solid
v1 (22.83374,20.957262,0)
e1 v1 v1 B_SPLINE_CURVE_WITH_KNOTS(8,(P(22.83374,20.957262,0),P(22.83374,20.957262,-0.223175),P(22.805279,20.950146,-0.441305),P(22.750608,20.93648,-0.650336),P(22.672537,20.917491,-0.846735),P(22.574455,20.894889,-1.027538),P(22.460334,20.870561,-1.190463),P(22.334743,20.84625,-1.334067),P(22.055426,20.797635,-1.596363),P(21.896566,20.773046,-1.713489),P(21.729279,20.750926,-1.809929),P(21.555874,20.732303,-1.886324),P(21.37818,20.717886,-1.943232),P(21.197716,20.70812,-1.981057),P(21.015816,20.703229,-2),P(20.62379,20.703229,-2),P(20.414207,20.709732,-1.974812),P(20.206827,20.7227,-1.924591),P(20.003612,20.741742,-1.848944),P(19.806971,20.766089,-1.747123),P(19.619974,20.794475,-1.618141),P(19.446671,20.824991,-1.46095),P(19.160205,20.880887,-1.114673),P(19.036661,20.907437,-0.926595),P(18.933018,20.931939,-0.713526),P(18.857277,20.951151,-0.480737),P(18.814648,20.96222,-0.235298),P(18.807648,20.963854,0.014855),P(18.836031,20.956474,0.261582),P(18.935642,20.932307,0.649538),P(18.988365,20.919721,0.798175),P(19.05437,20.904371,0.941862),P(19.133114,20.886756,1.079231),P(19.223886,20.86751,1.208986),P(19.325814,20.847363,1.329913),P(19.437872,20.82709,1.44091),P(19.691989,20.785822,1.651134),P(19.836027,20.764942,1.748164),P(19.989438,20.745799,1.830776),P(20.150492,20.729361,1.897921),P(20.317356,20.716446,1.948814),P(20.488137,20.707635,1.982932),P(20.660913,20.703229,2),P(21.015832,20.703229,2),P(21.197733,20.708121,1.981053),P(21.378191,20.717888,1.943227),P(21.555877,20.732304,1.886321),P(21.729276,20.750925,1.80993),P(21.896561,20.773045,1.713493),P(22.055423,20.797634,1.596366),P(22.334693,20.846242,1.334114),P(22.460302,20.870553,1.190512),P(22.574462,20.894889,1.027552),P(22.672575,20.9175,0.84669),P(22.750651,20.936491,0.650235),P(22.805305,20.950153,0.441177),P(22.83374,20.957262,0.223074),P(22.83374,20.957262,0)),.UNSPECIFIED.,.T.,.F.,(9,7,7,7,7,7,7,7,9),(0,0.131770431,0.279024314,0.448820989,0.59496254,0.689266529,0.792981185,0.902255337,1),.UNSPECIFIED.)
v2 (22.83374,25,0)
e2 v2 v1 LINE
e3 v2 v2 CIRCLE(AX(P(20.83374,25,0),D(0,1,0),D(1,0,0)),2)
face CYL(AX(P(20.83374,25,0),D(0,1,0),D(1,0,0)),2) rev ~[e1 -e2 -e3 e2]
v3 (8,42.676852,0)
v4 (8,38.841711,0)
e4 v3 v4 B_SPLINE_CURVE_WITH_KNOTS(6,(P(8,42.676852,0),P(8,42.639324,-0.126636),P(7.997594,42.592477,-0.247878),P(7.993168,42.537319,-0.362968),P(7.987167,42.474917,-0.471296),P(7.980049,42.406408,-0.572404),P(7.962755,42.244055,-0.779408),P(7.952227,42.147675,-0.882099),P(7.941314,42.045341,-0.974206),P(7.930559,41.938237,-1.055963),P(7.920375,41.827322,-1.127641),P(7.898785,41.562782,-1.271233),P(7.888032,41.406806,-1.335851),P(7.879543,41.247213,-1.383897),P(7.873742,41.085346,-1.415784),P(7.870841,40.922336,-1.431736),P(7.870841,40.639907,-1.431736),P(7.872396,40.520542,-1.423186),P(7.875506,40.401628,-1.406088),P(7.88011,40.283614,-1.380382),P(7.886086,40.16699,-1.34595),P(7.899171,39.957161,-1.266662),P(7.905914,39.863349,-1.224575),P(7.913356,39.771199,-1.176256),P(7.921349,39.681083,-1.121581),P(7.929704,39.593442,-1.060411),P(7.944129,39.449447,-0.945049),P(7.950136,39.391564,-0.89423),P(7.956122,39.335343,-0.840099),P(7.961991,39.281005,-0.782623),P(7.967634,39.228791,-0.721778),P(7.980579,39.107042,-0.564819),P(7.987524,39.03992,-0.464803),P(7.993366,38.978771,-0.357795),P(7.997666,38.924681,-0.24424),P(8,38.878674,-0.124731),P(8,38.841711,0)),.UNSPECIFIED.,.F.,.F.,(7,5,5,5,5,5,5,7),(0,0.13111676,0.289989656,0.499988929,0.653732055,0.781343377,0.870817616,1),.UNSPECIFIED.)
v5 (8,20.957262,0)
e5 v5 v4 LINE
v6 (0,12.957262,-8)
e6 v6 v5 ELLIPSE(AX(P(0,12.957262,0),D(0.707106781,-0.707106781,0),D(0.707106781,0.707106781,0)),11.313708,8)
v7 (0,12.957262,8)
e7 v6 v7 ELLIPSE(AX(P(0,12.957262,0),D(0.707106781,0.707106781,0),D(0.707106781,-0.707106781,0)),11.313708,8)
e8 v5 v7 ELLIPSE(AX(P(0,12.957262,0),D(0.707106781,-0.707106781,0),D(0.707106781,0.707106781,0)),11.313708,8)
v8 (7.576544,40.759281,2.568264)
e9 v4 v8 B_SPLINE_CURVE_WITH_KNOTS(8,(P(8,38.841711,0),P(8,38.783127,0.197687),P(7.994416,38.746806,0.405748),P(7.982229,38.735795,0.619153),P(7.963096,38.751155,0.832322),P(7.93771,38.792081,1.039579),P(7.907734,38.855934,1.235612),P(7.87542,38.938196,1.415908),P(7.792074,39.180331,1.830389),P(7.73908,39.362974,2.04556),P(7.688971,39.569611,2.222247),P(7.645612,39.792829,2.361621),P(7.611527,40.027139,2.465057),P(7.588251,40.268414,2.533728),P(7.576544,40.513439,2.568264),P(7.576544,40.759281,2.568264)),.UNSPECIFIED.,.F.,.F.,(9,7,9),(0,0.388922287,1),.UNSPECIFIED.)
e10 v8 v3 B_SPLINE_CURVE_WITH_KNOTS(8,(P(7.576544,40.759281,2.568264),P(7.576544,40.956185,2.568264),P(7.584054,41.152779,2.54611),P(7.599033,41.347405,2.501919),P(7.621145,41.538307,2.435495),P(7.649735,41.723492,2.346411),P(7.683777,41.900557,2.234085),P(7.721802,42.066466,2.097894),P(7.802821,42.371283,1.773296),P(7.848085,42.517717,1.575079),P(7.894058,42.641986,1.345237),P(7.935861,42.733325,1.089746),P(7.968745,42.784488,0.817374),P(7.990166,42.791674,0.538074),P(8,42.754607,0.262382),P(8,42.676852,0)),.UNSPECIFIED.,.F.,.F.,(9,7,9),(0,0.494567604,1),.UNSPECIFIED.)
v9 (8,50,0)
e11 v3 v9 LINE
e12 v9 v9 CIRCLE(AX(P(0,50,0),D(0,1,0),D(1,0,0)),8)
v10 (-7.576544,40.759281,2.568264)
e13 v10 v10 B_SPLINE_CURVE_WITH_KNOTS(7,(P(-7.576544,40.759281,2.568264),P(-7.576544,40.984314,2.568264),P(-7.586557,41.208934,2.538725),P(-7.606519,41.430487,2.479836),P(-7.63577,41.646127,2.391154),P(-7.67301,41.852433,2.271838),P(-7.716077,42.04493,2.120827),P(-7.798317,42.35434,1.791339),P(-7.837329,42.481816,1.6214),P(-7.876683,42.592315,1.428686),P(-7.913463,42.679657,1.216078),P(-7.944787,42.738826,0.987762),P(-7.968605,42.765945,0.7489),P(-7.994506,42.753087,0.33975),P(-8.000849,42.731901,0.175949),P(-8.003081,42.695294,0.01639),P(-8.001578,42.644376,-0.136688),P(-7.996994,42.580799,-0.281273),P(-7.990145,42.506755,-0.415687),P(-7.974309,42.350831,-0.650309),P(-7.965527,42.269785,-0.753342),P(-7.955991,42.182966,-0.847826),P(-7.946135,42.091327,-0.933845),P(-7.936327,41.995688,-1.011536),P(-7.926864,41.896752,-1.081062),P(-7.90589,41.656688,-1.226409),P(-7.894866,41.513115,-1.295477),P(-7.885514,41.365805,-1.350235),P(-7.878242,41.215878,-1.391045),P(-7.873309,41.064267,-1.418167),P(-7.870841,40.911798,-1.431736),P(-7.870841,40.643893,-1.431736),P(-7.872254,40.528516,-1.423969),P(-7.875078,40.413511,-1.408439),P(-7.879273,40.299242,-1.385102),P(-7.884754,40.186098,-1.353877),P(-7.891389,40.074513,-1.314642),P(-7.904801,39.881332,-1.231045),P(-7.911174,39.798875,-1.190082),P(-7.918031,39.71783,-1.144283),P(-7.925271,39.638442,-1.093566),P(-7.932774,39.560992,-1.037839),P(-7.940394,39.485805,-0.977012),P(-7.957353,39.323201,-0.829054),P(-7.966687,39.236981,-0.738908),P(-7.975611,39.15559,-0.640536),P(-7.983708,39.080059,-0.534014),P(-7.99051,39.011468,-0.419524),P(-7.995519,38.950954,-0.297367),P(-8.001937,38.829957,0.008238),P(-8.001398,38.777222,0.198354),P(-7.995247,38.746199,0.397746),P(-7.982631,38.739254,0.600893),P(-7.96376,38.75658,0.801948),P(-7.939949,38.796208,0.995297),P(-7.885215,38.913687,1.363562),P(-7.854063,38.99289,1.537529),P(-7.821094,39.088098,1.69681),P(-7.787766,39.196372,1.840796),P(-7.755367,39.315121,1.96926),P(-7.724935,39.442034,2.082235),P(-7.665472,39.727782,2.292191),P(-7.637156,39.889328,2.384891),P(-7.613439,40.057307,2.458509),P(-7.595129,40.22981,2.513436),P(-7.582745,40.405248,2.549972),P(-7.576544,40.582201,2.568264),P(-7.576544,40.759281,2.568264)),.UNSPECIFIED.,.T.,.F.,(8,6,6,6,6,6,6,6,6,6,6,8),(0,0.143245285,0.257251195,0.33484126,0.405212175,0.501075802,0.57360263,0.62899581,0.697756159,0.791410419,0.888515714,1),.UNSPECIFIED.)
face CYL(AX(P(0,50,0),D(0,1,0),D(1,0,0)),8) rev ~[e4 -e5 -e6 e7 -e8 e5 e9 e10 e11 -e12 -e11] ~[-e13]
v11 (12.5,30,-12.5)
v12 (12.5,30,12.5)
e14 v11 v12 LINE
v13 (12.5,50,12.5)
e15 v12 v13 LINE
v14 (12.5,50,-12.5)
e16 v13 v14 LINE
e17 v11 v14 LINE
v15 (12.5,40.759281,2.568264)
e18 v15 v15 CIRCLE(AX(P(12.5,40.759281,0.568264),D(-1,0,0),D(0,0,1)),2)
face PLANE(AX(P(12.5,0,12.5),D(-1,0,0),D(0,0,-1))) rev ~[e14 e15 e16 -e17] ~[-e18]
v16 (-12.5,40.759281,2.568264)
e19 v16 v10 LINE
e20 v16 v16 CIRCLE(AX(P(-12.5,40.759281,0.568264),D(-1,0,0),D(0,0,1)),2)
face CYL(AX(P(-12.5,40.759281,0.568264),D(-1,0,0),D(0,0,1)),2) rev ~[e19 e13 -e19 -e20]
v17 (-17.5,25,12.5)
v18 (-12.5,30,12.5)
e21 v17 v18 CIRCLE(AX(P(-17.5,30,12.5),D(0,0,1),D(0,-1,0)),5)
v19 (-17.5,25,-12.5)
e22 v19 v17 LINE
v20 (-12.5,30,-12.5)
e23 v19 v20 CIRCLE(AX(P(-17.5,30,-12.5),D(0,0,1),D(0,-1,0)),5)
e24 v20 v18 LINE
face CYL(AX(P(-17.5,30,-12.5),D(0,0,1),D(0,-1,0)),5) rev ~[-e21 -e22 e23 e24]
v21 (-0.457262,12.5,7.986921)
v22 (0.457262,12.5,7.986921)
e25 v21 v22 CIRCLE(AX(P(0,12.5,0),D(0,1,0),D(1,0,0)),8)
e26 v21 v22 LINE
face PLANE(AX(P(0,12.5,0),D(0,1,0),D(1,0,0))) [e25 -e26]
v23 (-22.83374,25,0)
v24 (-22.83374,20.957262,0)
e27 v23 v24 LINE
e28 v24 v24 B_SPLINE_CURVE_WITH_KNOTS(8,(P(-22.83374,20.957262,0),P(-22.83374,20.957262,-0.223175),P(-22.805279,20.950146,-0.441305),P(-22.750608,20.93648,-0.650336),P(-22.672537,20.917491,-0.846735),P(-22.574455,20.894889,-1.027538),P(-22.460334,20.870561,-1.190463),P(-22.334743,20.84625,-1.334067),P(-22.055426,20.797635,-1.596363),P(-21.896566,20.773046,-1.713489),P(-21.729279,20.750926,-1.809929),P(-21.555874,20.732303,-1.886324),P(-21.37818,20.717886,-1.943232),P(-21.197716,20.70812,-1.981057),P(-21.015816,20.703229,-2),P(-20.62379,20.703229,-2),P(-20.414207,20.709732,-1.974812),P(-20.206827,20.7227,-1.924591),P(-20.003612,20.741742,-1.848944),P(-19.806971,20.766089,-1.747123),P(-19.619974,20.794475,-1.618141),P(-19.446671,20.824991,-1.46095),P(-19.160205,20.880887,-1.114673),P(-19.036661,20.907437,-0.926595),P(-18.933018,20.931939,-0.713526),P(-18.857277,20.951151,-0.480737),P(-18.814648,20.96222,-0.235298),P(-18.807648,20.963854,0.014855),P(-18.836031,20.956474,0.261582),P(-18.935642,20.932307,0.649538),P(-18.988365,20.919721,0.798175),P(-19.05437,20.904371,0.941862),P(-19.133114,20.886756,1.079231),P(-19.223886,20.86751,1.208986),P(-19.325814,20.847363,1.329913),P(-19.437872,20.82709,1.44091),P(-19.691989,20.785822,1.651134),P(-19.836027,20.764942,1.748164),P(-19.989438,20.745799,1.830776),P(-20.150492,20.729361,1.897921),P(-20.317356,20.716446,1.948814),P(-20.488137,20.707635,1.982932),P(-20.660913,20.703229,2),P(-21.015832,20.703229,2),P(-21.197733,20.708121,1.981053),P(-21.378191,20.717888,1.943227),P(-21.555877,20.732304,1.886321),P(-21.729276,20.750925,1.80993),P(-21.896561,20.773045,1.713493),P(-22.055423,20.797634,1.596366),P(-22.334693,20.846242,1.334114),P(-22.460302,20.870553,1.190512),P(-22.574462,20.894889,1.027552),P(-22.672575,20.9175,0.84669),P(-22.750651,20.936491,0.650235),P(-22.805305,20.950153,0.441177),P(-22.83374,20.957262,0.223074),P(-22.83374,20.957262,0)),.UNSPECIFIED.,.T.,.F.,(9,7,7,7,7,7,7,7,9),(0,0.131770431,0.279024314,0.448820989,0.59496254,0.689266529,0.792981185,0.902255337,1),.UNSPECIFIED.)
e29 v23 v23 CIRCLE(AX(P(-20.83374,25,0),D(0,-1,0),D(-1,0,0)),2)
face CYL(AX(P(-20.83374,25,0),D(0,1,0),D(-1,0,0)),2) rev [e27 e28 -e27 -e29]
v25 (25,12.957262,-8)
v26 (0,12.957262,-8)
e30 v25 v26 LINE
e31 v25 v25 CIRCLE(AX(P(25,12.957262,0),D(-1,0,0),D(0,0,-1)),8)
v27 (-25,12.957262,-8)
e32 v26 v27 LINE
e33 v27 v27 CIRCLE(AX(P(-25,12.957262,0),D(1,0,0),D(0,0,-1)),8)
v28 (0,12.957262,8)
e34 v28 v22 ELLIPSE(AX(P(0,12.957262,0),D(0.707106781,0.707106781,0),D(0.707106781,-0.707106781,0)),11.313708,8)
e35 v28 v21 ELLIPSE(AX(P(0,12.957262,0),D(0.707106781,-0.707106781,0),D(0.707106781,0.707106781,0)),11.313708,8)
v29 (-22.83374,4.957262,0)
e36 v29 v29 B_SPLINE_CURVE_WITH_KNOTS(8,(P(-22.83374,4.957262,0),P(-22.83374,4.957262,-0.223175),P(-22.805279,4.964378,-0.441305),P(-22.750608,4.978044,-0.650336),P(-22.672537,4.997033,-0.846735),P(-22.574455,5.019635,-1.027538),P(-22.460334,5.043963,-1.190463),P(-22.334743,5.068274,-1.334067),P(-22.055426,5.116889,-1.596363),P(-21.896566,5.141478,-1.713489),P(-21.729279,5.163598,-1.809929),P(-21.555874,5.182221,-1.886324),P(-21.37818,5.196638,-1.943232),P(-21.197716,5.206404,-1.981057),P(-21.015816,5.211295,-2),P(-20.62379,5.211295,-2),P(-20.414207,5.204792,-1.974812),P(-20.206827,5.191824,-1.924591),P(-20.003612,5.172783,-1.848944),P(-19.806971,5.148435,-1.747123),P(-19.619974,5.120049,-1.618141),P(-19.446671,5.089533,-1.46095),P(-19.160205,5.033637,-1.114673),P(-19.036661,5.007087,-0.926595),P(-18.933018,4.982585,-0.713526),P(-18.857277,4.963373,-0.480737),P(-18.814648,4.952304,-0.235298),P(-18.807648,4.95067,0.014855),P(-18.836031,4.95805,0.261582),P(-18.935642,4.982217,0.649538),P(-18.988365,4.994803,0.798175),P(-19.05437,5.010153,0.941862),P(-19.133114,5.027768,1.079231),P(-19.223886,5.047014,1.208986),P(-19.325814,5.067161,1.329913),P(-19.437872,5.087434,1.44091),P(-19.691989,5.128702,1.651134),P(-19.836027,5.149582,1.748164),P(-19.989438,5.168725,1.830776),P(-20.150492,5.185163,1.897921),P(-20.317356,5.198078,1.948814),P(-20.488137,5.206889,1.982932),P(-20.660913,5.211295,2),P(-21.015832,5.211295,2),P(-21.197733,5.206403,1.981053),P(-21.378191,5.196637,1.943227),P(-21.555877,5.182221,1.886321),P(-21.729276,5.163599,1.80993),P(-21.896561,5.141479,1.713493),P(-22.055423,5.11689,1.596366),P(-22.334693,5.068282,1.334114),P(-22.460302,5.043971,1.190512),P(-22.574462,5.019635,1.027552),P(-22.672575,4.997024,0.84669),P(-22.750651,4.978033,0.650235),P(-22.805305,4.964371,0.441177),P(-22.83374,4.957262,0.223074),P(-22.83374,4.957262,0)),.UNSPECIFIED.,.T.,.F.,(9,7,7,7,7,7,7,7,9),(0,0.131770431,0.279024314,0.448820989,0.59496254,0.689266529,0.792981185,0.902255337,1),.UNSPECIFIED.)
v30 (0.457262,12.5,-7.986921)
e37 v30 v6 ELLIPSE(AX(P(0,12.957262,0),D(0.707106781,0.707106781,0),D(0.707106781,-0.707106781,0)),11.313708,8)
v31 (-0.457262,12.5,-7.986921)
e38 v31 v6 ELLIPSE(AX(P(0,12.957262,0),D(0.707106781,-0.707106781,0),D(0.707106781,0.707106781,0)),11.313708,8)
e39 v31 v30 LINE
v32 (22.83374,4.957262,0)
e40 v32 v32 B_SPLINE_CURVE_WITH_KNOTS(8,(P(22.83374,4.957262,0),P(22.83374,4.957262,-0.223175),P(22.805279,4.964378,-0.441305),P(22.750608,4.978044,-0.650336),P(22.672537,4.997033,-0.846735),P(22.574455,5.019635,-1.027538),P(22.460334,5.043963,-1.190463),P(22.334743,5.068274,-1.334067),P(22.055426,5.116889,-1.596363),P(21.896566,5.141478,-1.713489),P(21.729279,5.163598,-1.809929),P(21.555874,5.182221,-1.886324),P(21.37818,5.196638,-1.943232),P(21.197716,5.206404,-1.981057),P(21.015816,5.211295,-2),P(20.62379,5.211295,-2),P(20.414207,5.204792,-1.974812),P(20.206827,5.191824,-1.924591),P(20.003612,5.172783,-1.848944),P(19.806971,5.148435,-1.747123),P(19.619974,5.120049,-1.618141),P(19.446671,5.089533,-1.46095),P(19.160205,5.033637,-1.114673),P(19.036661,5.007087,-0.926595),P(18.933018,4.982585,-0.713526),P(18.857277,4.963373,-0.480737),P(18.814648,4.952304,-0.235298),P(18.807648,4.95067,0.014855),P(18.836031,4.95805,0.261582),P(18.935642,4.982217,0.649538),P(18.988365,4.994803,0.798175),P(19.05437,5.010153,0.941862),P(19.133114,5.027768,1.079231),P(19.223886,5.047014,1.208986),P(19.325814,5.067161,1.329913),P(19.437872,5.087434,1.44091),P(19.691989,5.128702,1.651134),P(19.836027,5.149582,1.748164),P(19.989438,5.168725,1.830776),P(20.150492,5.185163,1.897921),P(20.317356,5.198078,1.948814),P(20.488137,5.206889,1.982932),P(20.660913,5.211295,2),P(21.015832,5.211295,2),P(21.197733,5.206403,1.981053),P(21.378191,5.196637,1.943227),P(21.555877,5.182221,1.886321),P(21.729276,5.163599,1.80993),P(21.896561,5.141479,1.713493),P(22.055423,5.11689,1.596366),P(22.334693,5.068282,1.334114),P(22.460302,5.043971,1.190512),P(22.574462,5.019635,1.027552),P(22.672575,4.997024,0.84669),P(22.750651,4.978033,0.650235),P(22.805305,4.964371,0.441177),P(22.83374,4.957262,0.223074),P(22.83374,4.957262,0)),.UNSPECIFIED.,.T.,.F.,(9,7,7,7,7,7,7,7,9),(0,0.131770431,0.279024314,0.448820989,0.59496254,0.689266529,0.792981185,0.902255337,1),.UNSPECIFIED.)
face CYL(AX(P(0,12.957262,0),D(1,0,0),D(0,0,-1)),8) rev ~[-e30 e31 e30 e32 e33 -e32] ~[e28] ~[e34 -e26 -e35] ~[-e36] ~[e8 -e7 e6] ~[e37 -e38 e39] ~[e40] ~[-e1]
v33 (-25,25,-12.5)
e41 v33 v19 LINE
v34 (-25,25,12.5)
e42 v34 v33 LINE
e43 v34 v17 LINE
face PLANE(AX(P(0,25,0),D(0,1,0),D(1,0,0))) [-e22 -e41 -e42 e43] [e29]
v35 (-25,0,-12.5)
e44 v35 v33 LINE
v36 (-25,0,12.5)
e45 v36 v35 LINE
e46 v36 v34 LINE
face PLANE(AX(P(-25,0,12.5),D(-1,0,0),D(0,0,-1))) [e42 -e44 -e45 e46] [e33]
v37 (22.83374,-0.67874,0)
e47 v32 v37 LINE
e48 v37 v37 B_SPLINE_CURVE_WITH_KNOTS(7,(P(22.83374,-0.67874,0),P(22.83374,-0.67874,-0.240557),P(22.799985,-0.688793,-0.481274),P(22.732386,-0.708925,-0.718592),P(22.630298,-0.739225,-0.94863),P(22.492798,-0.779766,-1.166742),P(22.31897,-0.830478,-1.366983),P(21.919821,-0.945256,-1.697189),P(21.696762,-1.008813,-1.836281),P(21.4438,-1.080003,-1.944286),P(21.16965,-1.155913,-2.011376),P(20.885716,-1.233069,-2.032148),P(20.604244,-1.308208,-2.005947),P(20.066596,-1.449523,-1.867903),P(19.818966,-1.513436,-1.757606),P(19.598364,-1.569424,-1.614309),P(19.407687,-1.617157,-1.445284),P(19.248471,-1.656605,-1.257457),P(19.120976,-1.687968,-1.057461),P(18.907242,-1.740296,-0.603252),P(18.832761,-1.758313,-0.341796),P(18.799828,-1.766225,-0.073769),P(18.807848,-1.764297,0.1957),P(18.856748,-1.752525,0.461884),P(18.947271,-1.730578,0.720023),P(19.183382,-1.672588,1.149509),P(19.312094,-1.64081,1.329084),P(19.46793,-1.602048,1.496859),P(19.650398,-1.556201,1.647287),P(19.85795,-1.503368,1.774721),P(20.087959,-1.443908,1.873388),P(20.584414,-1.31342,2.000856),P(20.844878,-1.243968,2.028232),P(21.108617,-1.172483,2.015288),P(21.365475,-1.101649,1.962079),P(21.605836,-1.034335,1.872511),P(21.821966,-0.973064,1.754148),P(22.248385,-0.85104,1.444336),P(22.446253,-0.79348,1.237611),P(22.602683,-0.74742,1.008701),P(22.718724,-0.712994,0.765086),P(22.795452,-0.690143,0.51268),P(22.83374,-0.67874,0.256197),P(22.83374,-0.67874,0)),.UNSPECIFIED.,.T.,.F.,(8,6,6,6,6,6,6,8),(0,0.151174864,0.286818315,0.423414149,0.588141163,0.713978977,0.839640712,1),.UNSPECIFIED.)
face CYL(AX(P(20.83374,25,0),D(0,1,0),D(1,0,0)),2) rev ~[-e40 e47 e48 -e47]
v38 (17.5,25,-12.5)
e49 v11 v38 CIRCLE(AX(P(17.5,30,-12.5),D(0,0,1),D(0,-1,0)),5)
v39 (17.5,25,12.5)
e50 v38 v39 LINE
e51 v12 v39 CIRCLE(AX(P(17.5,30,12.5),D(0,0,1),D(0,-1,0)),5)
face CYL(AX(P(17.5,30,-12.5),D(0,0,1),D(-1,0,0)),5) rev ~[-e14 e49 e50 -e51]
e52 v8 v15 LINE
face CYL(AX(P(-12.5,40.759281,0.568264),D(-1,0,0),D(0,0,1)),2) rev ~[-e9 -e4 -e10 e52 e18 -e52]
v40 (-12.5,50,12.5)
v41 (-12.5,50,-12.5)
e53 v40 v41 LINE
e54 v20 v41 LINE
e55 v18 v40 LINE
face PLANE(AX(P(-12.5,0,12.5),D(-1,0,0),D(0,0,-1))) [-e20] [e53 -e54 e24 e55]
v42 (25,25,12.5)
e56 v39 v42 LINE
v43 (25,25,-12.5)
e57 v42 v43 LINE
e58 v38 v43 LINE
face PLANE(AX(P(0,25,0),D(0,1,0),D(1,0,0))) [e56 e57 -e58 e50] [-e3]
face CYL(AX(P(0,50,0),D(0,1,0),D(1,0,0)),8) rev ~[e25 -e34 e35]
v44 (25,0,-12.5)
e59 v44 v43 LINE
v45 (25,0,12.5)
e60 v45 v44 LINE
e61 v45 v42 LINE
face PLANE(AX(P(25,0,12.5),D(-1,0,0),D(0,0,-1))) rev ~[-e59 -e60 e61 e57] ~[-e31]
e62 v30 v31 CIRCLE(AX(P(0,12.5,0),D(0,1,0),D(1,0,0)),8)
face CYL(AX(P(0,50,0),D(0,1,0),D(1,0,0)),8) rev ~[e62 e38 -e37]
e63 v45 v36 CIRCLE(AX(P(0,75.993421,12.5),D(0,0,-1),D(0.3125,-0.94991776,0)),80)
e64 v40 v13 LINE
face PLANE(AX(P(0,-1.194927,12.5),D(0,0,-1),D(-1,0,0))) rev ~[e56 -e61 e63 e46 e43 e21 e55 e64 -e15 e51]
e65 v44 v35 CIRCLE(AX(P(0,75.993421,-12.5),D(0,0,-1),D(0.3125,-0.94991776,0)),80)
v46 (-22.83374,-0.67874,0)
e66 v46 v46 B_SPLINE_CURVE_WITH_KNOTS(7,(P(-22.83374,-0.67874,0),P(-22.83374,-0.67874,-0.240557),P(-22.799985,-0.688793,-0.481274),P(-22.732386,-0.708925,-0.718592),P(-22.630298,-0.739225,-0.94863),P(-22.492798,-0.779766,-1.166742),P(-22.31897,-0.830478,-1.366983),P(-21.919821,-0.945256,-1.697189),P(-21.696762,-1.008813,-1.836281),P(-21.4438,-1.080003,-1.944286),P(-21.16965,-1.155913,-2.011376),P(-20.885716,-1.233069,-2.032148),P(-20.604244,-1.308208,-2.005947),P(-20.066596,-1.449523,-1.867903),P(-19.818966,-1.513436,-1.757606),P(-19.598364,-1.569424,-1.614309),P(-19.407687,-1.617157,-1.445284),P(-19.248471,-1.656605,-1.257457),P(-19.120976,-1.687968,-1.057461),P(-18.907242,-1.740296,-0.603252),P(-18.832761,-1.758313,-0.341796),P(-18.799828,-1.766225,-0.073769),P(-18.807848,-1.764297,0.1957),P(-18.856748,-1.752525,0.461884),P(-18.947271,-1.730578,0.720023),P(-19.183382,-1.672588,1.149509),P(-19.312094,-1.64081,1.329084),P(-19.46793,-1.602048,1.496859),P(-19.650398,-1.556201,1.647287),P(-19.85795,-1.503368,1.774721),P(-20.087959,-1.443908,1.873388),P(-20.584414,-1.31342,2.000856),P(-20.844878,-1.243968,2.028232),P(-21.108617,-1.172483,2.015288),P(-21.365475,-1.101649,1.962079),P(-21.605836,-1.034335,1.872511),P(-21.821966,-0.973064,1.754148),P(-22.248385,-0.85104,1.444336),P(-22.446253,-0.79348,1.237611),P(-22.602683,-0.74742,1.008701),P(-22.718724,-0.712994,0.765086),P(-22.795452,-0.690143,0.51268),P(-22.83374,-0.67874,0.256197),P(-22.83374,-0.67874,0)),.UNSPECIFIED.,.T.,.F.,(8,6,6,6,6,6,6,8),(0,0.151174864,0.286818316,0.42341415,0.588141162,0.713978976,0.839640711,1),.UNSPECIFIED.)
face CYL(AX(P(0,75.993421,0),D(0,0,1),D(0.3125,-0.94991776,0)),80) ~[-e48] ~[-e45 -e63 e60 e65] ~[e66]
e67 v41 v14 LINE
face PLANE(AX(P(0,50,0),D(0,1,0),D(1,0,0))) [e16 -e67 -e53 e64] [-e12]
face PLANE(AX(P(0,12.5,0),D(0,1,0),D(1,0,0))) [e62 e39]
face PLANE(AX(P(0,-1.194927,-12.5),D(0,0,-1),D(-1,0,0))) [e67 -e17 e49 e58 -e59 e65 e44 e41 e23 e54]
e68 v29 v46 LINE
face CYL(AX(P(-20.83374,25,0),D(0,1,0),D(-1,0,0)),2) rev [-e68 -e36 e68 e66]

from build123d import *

# Parameters (mm, degrees)
CROQUIS2_W                 = 50
CROQUIS2_H                 = 25
SALIENTE_EXTRUIR2_DEPTH    = 25
CROQUIS9_W                 = 25
CROQUIS9_H                 = 25
SALIENTE_EXTRUIR3_DEPTH    = 50
CROQUIS10_R                = 8
CORTAR_EXTRUIR2_DEPTH      = 43
CORTAR_EXTRUIR2_DEPTH_BACK = 49
CROQUIS11_R                = 8
CORTAR_EXTRUIR3_DEPTH      = 37.5
REDONDEO1_R                = 5
SALIENTE_EXTRUIR4_DEPTH    = 12.5
CROQUIS15_R                = 2
CORTAR_EXTRUIR4_DEPTH      = 33
CROQUIS16_R                = 2
CORTAR_EXTRUIR5_DEPTH      = 33


with BuildPart() as part:
    # Croquis2 → Saliente-Extruir2 (new body)
    with BuildSketch(Plane(origin=(0, 0, 0), x_dir=(1, 0, 0), z_dir=(0, 1, 0))):
        Rectangle(CROQUIS2_W, CROQUIS2_H)
    extrude(amount=SALIENTE_EXTRUIR2_DEPTH)

    # Croquis9 → Saliente-Extruir3 (add)
    with BuildSketch(Plane(origin=(0, 0, 0), x_dir=(1, 0, 0), z_dir=(0, 1, 0))):
        Rectangle(CROQUIS9_W, CROQUIS9_H)
    extrude(amount=SALIENTE_EXTRUIR3_DEPTH)

    # Croquis10 → Cortar-Extruir2 (cut, two sides)
    with BuildSketch(Plane(origin=(0, 0, 0), x_dir=(0, 0, -1), z_dir=(1, 0, 0))) as cortar_extruir2_sk:
        with Locations((0, 12.957262023)):
            Circle(CROQUIS10_R)
    extrude(amount=CORTAR_EXTRUIR2_DEPTH, mode=Mode.SUBTRACT)
    extrude(cortar_extruir2_sk.sketch, amount=-CORTAR_EXTRUIR2_DEPTH_BACK, mode=Mode.SUBTRACT)

    # Croquis11 → Cortar-Extruir3 (cut, symmetric)
    with BuildSketch(Plane(origin=(0, 50, 0), x_dir=(1, 0, 0), z_dir=(0, 1, 0))):
        Circle(CROQUIS11_R)
    extrude(amount=CORTAR_EXTRUIR3_DEPTH, both=True, mode=Mode.SUBTRACT)

    # Redondeo1
    redondeo1_edges = [part.edges().sort_by_distance(p)[0] for p in [
        (12.5, 25, 0),
        (-12.5, 25, 0),
    ]]
    fillet(redondeo1_edges, radius=REDONDEO1_R)

    # Croquis13 → Saliente-Extruir4 (add, symmetric)
    with BuildSketch(Plane.XY):
        with BuildLine():
            Line((-25, 0), (25, 0))
            ThreePointArc((25, 0), (0, -4.006579232), (-25, 0))
        make_face()
    extrude(amount=SALIENTE_EXTRUIR4_DEPTH, both=True)

    # Croquis15 → Cortar-Extruir4 (cut)
    with BuildSketch(Plane.ZY.offset(12.5)):
        with Locations((0.568263939, 40.759281312)):
            Circle(CROQUIS15_R)
    extrude(amount=-CORTAR_EXTRUIR4_DEPTH, mode=Mode.SUBTRACT)

    # Croquis16 → Cortar-Extruir5 (cut)
    with BuildSketch(Plane(origin=(0, 25, 0), x_dir=(1, 0, 0), z_dir=(0, 1, 0))):
        with Locations((20.833740283, 0)):
            Circle(CROQUIS16_R)
    cortar_extruir5 = extrude(amount=-CORTAR_EXTRUIR5_DEPTH, mode=Mode.SUBTRACT)

    # Simetría1: Cortar-Extruir5 across plane
    add(cortar_extruir5.mirror(Plane(origin=(0, 0, 0), x_dir=(0, 0, 1), z_dir=(1, 0, 0))), mode=Mode.SUBTRACT)


solid = part.part
